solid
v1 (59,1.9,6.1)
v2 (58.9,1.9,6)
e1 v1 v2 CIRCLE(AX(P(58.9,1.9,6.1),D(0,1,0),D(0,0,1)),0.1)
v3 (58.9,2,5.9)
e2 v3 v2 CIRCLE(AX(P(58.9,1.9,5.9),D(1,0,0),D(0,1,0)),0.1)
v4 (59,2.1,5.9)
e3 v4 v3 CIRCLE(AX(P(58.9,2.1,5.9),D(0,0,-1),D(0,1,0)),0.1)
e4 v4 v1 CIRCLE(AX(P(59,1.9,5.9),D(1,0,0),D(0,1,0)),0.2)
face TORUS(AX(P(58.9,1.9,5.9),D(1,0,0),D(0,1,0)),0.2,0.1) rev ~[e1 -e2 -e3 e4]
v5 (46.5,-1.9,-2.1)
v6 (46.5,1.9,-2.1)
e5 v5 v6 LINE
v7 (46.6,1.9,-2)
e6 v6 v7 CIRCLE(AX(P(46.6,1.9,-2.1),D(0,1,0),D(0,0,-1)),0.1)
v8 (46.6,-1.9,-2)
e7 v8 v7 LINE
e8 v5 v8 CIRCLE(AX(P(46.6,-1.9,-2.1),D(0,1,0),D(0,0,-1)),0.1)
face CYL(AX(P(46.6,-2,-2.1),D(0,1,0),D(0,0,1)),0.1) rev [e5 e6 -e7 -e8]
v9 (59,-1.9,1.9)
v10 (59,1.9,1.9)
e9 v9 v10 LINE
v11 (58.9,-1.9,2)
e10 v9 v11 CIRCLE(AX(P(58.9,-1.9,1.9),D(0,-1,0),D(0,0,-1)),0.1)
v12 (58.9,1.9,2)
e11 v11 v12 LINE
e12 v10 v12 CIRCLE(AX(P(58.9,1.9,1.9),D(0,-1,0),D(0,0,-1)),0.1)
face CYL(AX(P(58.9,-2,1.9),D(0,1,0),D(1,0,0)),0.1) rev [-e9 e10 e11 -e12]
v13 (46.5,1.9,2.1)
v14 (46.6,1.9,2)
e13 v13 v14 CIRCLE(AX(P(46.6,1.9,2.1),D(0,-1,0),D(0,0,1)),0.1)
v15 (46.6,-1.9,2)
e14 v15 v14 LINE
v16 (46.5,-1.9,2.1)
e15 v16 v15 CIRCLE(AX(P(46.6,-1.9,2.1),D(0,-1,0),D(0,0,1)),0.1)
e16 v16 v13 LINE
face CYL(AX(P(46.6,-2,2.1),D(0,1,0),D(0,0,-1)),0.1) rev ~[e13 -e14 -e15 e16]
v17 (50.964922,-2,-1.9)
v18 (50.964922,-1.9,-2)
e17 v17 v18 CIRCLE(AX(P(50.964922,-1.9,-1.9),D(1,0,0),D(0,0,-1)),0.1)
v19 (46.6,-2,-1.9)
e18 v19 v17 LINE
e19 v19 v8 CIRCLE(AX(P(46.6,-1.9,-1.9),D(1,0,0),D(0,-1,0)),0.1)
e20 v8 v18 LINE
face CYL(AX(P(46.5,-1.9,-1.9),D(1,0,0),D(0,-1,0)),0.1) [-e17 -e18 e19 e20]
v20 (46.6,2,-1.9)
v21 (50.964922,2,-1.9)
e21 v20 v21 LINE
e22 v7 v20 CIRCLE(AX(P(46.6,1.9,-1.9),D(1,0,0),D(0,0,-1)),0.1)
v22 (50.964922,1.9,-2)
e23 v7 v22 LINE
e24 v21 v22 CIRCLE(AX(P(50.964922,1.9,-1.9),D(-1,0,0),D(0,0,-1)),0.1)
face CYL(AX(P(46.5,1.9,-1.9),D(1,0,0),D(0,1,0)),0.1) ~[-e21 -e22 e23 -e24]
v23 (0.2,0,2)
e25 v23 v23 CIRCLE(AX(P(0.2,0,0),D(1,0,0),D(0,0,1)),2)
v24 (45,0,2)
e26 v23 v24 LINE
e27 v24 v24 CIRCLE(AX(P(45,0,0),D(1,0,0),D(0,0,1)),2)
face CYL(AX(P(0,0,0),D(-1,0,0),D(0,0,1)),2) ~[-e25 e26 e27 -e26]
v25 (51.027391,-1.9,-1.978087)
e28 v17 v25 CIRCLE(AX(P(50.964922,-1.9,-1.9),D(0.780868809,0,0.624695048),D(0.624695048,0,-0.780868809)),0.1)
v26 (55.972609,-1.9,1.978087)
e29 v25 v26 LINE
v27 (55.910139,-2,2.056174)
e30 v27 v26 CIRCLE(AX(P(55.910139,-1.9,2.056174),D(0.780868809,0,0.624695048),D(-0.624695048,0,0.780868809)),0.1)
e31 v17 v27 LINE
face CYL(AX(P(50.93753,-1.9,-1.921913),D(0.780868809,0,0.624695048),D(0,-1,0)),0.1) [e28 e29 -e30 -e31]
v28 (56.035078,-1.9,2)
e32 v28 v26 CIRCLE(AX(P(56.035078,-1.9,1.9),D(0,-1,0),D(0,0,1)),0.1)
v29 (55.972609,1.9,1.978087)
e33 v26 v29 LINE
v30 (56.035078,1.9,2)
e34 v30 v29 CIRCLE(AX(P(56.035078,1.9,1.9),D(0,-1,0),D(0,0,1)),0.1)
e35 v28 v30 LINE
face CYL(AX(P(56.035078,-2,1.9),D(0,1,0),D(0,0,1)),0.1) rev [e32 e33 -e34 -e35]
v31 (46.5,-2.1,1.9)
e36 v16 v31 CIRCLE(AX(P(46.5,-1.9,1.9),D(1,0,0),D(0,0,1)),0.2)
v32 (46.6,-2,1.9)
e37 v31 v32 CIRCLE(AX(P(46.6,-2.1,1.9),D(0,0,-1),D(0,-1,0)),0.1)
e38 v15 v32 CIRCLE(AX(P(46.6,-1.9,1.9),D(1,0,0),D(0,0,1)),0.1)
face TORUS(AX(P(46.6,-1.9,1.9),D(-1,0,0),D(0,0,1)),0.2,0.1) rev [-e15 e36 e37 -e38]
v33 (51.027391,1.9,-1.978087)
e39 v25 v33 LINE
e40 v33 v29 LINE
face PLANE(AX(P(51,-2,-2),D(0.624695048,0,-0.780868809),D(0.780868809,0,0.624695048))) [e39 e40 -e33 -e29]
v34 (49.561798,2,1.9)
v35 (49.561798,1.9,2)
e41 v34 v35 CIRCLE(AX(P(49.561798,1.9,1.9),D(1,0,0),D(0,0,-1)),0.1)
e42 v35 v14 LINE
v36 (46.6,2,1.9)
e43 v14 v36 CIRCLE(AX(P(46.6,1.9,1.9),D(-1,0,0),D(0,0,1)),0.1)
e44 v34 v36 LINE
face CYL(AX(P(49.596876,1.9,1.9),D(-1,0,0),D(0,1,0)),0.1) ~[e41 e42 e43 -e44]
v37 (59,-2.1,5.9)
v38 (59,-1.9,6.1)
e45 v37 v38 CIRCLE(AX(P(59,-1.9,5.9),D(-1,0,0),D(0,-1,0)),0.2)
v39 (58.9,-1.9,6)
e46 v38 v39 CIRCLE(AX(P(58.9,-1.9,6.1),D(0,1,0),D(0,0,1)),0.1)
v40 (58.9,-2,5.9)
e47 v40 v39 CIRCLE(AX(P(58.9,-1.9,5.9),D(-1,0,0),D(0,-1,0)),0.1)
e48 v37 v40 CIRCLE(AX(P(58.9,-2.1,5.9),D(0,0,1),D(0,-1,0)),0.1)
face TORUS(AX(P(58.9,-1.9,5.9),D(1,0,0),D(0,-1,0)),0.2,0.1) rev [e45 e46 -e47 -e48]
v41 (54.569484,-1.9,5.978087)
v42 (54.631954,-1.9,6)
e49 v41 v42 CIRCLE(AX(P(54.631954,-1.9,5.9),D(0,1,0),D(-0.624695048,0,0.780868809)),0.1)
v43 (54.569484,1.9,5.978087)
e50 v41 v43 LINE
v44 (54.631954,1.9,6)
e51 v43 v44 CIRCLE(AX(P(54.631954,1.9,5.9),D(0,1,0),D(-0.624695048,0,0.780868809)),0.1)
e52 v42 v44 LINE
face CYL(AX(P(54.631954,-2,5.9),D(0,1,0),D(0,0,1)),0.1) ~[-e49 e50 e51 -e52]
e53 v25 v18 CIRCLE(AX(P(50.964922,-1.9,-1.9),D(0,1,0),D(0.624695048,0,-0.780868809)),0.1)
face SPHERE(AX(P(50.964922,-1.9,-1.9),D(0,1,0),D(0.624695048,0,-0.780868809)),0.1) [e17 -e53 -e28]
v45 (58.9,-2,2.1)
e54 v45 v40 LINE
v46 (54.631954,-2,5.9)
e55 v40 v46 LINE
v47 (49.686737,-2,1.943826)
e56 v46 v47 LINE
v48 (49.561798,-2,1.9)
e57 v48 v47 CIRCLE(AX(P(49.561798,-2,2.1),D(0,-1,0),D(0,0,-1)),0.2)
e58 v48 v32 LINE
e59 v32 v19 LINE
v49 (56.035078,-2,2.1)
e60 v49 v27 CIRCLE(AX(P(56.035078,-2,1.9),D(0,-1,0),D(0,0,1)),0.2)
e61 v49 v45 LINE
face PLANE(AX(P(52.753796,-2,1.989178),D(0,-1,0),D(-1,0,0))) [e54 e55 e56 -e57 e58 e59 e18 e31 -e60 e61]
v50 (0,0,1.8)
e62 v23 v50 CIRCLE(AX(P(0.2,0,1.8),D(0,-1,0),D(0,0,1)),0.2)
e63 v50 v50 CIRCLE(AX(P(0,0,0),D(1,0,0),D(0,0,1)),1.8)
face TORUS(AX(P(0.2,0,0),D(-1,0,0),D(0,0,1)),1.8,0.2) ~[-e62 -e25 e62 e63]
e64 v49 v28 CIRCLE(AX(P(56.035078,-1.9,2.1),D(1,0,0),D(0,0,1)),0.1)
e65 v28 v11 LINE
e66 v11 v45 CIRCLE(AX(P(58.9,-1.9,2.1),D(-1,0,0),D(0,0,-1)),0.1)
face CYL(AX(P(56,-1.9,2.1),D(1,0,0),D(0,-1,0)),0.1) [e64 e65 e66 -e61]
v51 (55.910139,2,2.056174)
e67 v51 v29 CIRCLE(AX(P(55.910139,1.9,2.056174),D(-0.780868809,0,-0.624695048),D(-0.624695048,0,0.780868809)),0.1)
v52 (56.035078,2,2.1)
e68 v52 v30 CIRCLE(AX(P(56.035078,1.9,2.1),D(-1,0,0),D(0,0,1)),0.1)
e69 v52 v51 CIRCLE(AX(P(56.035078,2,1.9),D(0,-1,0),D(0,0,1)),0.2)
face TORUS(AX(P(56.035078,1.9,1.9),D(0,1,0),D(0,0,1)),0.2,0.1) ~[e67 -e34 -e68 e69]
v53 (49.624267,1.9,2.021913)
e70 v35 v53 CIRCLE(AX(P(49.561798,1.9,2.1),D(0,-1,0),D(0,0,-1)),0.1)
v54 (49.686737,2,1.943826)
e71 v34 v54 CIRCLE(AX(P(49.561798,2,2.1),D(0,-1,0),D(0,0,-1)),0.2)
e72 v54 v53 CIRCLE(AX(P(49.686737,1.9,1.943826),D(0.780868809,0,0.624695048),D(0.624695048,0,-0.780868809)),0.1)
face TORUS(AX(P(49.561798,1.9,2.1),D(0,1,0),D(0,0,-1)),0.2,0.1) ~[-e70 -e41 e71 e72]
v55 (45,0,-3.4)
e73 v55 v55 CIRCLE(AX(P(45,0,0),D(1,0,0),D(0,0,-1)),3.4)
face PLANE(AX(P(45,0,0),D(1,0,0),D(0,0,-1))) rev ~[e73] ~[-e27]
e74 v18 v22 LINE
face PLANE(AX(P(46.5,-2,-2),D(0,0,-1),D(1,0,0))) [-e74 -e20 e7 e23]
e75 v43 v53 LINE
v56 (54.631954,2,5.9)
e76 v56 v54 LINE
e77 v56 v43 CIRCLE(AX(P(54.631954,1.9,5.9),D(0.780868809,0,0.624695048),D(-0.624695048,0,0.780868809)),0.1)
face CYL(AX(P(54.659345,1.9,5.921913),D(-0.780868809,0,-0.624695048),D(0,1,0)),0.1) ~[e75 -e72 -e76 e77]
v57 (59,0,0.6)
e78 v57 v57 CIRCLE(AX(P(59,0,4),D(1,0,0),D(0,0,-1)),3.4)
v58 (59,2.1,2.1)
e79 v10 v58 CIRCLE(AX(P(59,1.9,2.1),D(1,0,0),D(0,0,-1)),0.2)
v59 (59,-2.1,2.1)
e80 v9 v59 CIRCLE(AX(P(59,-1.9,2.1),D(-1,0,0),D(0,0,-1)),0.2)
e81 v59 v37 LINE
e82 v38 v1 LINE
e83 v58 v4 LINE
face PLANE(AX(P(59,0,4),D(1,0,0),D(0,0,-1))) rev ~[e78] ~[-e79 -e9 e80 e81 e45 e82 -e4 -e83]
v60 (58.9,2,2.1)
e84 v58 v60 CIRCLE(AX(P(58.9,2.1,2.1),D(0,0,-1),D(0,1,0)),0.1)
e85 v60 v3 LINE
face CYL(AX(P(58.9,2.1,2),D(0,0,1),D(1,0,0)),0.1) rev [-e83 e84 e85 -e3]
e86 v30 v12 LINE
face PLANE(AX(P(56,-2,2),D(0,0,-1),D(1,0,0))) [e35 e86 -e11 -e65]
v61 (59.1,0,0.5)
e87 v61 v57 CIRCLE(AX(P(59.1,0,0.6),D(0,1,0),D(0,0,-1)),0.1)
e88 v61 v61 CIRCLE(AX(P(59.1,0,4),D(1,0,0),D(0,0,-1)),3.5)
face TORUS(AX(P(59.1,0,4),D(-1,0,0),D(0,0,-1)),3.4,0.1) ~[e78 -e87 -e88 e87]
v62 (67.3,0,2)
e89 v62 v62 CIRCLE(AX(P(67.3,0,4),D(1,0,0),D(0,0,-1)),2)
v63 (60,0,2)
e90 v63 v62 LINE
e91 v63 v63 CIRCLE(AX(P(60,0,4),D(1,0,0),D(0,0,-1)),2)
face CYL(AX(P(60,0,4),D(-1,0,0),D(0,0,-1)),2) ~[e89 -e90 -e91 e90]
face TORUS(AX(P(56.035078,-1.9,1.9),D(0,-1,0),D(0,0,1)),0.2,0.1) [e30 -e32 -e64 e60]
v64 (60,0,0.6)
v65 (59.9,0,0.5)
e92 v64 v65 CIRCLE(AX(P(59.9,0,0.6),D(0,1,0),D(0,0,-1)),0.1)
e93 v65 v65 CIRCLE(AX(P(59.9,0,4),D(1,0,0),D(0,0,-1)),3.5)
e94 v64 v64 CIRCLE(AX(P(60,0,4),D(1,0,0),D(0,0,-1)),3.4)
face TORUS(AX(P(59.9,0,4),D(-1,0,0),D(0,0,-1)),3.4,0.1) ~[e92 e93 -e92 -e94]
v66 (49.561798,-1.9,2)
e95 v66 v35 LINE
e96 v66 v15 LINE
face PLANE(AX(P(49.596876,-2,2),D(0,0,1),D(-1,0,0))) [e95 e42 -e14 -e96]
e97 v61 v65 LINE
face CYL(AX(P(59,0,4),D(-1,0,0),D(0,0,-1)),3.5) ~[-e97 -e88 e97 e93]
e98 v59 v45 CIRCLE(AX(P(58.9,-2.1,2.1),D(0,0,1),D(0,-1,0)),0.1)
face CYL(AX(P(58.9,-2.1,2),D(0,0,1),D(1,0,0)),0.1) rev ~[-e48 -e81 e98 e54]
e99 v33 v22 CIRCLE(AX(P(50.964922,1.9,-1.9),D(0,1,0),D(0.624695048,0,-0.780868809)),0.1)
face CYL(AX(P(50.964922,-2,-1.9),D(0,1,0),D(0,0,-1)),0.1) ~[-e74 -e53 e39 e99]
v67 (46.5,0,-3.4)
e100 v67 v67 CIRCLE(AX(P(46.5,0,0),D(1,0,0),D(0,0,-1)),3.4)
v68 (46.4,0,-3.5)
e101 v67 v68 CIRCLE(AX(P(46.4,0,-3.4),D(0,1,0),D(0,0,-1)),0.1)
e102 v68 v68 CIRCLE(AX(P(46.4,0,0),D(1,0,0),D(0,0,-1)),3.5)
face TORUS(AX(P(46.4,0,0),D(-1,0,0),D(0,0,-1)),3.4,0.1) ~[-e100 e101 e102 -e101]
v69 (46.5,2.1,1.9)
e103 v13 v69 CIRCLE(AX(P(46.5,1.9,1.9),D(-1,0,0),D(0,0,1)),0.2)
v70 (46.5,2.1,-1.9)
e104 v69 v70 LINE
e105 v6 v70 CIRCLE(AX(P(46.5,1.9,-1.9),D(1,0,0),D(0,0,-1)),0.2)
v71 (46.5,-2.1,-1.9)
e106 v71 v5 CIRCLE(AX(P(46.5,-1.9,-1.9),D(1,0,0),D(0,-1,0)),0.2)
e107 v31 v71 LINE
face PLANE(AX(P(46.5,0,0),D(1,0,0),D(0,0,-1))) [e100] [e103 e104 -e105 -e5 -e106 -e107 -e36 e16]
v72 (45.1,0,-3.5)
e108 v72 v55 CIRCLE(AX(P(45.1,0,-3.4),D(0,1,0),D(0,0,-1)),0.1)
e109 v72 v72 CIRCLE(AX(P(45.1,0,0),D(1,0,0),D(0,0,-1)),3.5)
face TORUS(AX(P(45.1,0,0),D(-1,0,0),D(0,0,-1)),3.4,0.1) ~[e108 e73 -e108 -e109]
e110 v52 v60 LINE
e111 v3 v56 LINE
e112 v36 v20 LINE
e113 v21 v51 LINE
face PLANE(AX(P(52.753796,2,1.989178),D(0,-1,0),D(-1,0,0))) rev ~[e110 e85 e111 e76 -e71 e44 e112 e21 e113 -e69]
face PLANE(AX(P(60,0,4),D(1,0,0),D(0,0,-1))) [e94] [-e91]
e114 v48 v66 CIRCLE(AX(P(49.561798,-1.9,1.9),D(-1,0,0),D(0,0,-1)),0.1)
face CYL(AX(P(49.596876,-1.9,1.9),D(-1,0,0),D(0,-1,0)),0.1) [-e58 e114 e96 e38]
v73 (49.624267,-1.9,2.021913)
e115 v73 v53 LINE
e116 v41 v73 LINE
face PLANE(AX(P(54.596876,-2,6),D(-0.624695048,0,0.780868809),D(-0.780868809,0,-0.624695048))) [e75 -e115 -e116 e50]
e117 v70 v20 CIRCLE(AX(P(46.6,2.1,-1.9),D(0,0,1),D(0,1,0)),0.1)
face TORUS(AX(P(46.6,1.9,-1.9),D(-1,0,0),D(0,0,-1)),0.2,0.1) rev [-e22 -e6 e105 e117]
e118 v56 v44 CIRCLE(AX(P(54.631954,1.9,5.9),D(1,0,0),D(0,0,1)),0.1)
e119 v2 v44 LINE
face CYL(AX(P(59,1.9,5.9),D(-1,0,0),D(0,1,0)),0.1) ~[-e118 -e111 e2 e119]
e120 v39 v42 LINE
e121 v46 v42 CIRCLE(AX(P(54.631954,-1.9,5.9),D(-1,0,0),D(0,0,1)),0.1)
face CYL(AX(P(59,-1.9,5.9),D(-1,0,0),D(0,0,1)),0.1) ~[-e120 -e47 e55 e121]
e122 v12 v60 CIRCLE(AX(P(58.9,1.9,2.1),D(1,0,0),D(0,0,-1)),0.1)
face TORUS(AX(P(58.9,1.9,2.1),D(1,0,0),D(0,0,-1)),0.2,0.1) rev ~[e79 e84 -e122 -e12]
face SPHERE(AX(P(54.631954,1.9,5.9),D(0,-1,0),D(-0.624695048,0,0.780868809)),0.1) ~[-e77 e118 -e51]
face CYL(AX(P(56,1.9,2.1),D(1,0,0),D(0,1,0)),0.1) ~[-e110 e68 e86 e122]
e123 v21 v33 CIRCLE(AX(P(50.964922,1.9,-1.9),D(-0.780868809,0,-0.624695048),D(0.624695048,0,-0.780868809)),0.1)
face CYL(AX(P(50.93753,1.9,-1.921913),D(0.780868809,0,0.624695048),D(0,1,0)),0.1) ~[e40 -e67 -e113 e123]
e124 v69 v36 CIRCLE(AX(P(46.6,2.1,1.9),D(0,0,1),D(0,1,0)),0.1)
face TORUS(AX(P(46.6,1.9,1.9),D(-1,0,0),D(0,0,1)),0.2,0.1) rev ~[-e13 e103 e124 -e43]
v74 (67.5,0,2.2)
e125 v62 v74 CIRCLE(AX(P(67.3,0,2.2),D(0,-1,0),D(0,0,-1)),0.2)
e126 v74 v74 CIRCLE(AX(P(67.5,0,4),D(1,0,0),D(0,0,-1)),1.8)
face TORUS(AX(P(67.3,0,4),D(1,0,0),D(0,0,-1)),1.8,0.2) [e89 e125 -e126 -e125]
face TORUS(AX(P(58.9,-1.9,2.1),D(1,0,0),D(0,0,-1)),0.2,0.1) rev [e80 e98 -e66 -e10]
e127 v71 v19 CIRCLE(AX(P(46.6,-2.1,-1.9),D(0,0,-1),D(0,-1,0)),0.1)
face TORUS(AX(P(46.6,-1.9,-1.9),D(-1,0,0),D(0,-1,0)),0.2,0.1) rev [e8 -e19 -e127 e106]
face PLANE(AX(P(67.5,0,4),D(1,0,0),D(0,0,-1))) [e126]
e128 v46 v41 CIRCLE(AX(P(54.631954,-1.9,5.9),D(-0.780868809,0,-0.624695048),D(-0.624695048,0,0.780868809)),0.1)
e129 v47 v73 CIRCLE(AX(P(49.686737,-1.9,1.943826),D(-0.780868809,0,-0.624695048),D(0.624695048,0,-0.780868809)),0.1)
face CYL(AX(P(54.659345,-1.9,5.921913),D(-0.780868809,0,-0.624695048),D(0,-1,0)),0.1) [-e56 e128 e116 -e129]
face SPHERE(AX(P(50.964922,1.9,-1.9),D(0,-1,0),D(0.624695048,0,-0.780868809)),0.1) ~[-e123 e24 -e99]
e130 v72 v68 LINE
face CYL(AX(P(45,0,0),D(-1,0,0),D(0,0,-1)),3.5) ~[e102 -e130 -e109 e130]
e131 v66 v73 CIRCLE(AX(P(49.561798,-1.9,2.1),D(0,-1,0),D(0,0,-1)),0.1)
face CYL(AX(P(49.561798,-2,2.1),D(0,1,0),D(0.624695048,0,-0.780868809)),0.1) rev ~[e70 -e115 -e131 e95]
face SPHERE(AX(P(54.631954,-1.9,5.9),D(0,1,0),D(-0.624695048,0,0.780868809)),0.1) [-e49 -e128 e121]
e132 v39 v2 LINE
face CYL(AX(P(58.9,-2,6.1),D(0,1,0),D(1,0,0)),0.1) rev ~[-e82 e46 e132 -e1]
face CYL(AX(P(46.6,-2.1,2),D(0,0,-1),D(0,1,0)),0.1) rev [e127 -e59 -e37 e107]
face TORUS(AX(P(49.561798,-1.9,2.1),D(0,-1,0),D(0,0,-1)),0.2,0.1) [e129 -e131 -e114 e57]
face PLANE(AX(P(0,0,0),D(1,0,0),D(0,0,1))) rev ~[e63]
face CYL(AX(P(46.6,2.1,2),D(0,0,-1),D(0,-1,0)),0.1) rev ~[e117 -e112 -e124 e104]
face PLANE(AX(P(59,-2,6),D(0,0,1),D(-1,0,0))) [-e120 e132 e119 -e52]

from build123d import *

# Parameters (mm, degrees)
SKETCH_1_R           = 2
EXTRUDE_1_DEPTH      = 45
SKETCH_2_R           = 3.5
EXTRUDE_2_DEPTH      = 1.5
EXTRUDE_3_DEPTH      = 2
EXTRUDE_3_DEPTH_BACK = 2
SKETCH_4_R           = 3.5
EXTRUDE_4_DEPTH      = 1
SKETCH_5_R           = 2
EXTRUDE_5_DEPTH      = 7.5
FILLET_1_R           = 0.2
FILLET_2_R           = 0.1


with BuildPart() as part:
    # 草图1 → 凸台-拉伸1 (new body)
    with BuildSketch(Plane(origin=(0, 0, 0), x_dir=(0, 0, -1), z_dir=(1, 0, 0))):
        Circle(SKETCH_1_R)
    extrude(amount=EXTRUDE_1_DEPTH)

    # 草图2 → 凸台-拉伸2 (add)
    with BuildSketch(Plane(origin=(45, 0, 0), x_dir=(0, 0, -1), z_dir=(1, 0, 0))):
        Circle(SKETCH_2_R)
    extrude(amount=EXTRUDE_2_DEPTH)

    # 草图3 → 凸台-拉伸3 (add, two sides: drawn at the far end of the back side and taken through both)
    with BuildSketch(Plane(origin=(0, 0, 0), x_dir=(1, 0, 0), z_dir=(0, 1, 0)).offset(-EXTRUDE_3_DEPTH_BACK)):
        Polygon((46.5, 2), (51, 2), (56, -2), (59, -2), (59, -6), (54.596875763, -6), (49.596875763, -2), (46.5, -2), align=None)
    extrude(amount=EXTRUDE_3_DEPTH + EXTRUDE_3_DEPTH_BACK)

    # 草图4 → 凸台-拉伸4 (add)
    with BuildSketch(Plane(origin=(59, 0, 0), x_dir=(0, 0, -1), z_dir=(1, 0, 0))):
        with Locations((-4, 0)):
            Circle(SKETCH_4_R)
    extrude(amount=EXTRUDE_4_DEPTH)

    # 草图5 → 凸台-拉伸5 (add)
    with BuildSketch(Plane(origin=(60, 0, 0), x_dir=(0, 0, -1), z_dir=(1, 0, 0))):
        with Locations((-4, 0)):
            Circle(SKETCH_5_R)
    extrude(amount=EXTRUDE_5_DEPTH)

    # 圆角1
    fillet_1_edges = [part.edges().sort_by_distance(p)[0] for p in [
        (0, 0, 2),
        (67.5, 0, 6),
    ]]
    fillet(fillet_1_edges, radius=FILLET_1_R)

    # 圆角2
    fillet_2_edges = [part.edges().sort_by_distance(p)[0] for p in [
        (54.596875763, 0, 6),
        (59, 0, 6),
        (46.5, 0, 2),
        (49.596875763, 0, 2),
        (59, 0, 2),
        (56, 0, 2),
        (51, 0, -2),
        (46.5, 0, -2),
        (48.048437881, -2, 2),
        (52.096875763, -2, 4),
        (56.798437881, -2, 6),
        (59, -2, 4),
        (57.5, -2, 2),
        (53.5, -2, 0),
        (48.75, -2, -2),
        (46.5, -2, 0),
        (48.75, 2, -2),
        (53.5, 2, 0),
        (57.5, 2, 2),
        (59, 2, 4),
        (56.798437881, 2, 6),
        (52.096875763, 2, 4),
        (48.048437881, 2, 2),
        (46.5, 2, 0),
        (59, 0, 7.5),
        (60, 0, 7.5),
        (45, 0, 3.5),
        (46.5, 0, 3.5),
    ]]
    fillet(fillet_2_edges, radius=FILLET_2_R)


solid = part.part
